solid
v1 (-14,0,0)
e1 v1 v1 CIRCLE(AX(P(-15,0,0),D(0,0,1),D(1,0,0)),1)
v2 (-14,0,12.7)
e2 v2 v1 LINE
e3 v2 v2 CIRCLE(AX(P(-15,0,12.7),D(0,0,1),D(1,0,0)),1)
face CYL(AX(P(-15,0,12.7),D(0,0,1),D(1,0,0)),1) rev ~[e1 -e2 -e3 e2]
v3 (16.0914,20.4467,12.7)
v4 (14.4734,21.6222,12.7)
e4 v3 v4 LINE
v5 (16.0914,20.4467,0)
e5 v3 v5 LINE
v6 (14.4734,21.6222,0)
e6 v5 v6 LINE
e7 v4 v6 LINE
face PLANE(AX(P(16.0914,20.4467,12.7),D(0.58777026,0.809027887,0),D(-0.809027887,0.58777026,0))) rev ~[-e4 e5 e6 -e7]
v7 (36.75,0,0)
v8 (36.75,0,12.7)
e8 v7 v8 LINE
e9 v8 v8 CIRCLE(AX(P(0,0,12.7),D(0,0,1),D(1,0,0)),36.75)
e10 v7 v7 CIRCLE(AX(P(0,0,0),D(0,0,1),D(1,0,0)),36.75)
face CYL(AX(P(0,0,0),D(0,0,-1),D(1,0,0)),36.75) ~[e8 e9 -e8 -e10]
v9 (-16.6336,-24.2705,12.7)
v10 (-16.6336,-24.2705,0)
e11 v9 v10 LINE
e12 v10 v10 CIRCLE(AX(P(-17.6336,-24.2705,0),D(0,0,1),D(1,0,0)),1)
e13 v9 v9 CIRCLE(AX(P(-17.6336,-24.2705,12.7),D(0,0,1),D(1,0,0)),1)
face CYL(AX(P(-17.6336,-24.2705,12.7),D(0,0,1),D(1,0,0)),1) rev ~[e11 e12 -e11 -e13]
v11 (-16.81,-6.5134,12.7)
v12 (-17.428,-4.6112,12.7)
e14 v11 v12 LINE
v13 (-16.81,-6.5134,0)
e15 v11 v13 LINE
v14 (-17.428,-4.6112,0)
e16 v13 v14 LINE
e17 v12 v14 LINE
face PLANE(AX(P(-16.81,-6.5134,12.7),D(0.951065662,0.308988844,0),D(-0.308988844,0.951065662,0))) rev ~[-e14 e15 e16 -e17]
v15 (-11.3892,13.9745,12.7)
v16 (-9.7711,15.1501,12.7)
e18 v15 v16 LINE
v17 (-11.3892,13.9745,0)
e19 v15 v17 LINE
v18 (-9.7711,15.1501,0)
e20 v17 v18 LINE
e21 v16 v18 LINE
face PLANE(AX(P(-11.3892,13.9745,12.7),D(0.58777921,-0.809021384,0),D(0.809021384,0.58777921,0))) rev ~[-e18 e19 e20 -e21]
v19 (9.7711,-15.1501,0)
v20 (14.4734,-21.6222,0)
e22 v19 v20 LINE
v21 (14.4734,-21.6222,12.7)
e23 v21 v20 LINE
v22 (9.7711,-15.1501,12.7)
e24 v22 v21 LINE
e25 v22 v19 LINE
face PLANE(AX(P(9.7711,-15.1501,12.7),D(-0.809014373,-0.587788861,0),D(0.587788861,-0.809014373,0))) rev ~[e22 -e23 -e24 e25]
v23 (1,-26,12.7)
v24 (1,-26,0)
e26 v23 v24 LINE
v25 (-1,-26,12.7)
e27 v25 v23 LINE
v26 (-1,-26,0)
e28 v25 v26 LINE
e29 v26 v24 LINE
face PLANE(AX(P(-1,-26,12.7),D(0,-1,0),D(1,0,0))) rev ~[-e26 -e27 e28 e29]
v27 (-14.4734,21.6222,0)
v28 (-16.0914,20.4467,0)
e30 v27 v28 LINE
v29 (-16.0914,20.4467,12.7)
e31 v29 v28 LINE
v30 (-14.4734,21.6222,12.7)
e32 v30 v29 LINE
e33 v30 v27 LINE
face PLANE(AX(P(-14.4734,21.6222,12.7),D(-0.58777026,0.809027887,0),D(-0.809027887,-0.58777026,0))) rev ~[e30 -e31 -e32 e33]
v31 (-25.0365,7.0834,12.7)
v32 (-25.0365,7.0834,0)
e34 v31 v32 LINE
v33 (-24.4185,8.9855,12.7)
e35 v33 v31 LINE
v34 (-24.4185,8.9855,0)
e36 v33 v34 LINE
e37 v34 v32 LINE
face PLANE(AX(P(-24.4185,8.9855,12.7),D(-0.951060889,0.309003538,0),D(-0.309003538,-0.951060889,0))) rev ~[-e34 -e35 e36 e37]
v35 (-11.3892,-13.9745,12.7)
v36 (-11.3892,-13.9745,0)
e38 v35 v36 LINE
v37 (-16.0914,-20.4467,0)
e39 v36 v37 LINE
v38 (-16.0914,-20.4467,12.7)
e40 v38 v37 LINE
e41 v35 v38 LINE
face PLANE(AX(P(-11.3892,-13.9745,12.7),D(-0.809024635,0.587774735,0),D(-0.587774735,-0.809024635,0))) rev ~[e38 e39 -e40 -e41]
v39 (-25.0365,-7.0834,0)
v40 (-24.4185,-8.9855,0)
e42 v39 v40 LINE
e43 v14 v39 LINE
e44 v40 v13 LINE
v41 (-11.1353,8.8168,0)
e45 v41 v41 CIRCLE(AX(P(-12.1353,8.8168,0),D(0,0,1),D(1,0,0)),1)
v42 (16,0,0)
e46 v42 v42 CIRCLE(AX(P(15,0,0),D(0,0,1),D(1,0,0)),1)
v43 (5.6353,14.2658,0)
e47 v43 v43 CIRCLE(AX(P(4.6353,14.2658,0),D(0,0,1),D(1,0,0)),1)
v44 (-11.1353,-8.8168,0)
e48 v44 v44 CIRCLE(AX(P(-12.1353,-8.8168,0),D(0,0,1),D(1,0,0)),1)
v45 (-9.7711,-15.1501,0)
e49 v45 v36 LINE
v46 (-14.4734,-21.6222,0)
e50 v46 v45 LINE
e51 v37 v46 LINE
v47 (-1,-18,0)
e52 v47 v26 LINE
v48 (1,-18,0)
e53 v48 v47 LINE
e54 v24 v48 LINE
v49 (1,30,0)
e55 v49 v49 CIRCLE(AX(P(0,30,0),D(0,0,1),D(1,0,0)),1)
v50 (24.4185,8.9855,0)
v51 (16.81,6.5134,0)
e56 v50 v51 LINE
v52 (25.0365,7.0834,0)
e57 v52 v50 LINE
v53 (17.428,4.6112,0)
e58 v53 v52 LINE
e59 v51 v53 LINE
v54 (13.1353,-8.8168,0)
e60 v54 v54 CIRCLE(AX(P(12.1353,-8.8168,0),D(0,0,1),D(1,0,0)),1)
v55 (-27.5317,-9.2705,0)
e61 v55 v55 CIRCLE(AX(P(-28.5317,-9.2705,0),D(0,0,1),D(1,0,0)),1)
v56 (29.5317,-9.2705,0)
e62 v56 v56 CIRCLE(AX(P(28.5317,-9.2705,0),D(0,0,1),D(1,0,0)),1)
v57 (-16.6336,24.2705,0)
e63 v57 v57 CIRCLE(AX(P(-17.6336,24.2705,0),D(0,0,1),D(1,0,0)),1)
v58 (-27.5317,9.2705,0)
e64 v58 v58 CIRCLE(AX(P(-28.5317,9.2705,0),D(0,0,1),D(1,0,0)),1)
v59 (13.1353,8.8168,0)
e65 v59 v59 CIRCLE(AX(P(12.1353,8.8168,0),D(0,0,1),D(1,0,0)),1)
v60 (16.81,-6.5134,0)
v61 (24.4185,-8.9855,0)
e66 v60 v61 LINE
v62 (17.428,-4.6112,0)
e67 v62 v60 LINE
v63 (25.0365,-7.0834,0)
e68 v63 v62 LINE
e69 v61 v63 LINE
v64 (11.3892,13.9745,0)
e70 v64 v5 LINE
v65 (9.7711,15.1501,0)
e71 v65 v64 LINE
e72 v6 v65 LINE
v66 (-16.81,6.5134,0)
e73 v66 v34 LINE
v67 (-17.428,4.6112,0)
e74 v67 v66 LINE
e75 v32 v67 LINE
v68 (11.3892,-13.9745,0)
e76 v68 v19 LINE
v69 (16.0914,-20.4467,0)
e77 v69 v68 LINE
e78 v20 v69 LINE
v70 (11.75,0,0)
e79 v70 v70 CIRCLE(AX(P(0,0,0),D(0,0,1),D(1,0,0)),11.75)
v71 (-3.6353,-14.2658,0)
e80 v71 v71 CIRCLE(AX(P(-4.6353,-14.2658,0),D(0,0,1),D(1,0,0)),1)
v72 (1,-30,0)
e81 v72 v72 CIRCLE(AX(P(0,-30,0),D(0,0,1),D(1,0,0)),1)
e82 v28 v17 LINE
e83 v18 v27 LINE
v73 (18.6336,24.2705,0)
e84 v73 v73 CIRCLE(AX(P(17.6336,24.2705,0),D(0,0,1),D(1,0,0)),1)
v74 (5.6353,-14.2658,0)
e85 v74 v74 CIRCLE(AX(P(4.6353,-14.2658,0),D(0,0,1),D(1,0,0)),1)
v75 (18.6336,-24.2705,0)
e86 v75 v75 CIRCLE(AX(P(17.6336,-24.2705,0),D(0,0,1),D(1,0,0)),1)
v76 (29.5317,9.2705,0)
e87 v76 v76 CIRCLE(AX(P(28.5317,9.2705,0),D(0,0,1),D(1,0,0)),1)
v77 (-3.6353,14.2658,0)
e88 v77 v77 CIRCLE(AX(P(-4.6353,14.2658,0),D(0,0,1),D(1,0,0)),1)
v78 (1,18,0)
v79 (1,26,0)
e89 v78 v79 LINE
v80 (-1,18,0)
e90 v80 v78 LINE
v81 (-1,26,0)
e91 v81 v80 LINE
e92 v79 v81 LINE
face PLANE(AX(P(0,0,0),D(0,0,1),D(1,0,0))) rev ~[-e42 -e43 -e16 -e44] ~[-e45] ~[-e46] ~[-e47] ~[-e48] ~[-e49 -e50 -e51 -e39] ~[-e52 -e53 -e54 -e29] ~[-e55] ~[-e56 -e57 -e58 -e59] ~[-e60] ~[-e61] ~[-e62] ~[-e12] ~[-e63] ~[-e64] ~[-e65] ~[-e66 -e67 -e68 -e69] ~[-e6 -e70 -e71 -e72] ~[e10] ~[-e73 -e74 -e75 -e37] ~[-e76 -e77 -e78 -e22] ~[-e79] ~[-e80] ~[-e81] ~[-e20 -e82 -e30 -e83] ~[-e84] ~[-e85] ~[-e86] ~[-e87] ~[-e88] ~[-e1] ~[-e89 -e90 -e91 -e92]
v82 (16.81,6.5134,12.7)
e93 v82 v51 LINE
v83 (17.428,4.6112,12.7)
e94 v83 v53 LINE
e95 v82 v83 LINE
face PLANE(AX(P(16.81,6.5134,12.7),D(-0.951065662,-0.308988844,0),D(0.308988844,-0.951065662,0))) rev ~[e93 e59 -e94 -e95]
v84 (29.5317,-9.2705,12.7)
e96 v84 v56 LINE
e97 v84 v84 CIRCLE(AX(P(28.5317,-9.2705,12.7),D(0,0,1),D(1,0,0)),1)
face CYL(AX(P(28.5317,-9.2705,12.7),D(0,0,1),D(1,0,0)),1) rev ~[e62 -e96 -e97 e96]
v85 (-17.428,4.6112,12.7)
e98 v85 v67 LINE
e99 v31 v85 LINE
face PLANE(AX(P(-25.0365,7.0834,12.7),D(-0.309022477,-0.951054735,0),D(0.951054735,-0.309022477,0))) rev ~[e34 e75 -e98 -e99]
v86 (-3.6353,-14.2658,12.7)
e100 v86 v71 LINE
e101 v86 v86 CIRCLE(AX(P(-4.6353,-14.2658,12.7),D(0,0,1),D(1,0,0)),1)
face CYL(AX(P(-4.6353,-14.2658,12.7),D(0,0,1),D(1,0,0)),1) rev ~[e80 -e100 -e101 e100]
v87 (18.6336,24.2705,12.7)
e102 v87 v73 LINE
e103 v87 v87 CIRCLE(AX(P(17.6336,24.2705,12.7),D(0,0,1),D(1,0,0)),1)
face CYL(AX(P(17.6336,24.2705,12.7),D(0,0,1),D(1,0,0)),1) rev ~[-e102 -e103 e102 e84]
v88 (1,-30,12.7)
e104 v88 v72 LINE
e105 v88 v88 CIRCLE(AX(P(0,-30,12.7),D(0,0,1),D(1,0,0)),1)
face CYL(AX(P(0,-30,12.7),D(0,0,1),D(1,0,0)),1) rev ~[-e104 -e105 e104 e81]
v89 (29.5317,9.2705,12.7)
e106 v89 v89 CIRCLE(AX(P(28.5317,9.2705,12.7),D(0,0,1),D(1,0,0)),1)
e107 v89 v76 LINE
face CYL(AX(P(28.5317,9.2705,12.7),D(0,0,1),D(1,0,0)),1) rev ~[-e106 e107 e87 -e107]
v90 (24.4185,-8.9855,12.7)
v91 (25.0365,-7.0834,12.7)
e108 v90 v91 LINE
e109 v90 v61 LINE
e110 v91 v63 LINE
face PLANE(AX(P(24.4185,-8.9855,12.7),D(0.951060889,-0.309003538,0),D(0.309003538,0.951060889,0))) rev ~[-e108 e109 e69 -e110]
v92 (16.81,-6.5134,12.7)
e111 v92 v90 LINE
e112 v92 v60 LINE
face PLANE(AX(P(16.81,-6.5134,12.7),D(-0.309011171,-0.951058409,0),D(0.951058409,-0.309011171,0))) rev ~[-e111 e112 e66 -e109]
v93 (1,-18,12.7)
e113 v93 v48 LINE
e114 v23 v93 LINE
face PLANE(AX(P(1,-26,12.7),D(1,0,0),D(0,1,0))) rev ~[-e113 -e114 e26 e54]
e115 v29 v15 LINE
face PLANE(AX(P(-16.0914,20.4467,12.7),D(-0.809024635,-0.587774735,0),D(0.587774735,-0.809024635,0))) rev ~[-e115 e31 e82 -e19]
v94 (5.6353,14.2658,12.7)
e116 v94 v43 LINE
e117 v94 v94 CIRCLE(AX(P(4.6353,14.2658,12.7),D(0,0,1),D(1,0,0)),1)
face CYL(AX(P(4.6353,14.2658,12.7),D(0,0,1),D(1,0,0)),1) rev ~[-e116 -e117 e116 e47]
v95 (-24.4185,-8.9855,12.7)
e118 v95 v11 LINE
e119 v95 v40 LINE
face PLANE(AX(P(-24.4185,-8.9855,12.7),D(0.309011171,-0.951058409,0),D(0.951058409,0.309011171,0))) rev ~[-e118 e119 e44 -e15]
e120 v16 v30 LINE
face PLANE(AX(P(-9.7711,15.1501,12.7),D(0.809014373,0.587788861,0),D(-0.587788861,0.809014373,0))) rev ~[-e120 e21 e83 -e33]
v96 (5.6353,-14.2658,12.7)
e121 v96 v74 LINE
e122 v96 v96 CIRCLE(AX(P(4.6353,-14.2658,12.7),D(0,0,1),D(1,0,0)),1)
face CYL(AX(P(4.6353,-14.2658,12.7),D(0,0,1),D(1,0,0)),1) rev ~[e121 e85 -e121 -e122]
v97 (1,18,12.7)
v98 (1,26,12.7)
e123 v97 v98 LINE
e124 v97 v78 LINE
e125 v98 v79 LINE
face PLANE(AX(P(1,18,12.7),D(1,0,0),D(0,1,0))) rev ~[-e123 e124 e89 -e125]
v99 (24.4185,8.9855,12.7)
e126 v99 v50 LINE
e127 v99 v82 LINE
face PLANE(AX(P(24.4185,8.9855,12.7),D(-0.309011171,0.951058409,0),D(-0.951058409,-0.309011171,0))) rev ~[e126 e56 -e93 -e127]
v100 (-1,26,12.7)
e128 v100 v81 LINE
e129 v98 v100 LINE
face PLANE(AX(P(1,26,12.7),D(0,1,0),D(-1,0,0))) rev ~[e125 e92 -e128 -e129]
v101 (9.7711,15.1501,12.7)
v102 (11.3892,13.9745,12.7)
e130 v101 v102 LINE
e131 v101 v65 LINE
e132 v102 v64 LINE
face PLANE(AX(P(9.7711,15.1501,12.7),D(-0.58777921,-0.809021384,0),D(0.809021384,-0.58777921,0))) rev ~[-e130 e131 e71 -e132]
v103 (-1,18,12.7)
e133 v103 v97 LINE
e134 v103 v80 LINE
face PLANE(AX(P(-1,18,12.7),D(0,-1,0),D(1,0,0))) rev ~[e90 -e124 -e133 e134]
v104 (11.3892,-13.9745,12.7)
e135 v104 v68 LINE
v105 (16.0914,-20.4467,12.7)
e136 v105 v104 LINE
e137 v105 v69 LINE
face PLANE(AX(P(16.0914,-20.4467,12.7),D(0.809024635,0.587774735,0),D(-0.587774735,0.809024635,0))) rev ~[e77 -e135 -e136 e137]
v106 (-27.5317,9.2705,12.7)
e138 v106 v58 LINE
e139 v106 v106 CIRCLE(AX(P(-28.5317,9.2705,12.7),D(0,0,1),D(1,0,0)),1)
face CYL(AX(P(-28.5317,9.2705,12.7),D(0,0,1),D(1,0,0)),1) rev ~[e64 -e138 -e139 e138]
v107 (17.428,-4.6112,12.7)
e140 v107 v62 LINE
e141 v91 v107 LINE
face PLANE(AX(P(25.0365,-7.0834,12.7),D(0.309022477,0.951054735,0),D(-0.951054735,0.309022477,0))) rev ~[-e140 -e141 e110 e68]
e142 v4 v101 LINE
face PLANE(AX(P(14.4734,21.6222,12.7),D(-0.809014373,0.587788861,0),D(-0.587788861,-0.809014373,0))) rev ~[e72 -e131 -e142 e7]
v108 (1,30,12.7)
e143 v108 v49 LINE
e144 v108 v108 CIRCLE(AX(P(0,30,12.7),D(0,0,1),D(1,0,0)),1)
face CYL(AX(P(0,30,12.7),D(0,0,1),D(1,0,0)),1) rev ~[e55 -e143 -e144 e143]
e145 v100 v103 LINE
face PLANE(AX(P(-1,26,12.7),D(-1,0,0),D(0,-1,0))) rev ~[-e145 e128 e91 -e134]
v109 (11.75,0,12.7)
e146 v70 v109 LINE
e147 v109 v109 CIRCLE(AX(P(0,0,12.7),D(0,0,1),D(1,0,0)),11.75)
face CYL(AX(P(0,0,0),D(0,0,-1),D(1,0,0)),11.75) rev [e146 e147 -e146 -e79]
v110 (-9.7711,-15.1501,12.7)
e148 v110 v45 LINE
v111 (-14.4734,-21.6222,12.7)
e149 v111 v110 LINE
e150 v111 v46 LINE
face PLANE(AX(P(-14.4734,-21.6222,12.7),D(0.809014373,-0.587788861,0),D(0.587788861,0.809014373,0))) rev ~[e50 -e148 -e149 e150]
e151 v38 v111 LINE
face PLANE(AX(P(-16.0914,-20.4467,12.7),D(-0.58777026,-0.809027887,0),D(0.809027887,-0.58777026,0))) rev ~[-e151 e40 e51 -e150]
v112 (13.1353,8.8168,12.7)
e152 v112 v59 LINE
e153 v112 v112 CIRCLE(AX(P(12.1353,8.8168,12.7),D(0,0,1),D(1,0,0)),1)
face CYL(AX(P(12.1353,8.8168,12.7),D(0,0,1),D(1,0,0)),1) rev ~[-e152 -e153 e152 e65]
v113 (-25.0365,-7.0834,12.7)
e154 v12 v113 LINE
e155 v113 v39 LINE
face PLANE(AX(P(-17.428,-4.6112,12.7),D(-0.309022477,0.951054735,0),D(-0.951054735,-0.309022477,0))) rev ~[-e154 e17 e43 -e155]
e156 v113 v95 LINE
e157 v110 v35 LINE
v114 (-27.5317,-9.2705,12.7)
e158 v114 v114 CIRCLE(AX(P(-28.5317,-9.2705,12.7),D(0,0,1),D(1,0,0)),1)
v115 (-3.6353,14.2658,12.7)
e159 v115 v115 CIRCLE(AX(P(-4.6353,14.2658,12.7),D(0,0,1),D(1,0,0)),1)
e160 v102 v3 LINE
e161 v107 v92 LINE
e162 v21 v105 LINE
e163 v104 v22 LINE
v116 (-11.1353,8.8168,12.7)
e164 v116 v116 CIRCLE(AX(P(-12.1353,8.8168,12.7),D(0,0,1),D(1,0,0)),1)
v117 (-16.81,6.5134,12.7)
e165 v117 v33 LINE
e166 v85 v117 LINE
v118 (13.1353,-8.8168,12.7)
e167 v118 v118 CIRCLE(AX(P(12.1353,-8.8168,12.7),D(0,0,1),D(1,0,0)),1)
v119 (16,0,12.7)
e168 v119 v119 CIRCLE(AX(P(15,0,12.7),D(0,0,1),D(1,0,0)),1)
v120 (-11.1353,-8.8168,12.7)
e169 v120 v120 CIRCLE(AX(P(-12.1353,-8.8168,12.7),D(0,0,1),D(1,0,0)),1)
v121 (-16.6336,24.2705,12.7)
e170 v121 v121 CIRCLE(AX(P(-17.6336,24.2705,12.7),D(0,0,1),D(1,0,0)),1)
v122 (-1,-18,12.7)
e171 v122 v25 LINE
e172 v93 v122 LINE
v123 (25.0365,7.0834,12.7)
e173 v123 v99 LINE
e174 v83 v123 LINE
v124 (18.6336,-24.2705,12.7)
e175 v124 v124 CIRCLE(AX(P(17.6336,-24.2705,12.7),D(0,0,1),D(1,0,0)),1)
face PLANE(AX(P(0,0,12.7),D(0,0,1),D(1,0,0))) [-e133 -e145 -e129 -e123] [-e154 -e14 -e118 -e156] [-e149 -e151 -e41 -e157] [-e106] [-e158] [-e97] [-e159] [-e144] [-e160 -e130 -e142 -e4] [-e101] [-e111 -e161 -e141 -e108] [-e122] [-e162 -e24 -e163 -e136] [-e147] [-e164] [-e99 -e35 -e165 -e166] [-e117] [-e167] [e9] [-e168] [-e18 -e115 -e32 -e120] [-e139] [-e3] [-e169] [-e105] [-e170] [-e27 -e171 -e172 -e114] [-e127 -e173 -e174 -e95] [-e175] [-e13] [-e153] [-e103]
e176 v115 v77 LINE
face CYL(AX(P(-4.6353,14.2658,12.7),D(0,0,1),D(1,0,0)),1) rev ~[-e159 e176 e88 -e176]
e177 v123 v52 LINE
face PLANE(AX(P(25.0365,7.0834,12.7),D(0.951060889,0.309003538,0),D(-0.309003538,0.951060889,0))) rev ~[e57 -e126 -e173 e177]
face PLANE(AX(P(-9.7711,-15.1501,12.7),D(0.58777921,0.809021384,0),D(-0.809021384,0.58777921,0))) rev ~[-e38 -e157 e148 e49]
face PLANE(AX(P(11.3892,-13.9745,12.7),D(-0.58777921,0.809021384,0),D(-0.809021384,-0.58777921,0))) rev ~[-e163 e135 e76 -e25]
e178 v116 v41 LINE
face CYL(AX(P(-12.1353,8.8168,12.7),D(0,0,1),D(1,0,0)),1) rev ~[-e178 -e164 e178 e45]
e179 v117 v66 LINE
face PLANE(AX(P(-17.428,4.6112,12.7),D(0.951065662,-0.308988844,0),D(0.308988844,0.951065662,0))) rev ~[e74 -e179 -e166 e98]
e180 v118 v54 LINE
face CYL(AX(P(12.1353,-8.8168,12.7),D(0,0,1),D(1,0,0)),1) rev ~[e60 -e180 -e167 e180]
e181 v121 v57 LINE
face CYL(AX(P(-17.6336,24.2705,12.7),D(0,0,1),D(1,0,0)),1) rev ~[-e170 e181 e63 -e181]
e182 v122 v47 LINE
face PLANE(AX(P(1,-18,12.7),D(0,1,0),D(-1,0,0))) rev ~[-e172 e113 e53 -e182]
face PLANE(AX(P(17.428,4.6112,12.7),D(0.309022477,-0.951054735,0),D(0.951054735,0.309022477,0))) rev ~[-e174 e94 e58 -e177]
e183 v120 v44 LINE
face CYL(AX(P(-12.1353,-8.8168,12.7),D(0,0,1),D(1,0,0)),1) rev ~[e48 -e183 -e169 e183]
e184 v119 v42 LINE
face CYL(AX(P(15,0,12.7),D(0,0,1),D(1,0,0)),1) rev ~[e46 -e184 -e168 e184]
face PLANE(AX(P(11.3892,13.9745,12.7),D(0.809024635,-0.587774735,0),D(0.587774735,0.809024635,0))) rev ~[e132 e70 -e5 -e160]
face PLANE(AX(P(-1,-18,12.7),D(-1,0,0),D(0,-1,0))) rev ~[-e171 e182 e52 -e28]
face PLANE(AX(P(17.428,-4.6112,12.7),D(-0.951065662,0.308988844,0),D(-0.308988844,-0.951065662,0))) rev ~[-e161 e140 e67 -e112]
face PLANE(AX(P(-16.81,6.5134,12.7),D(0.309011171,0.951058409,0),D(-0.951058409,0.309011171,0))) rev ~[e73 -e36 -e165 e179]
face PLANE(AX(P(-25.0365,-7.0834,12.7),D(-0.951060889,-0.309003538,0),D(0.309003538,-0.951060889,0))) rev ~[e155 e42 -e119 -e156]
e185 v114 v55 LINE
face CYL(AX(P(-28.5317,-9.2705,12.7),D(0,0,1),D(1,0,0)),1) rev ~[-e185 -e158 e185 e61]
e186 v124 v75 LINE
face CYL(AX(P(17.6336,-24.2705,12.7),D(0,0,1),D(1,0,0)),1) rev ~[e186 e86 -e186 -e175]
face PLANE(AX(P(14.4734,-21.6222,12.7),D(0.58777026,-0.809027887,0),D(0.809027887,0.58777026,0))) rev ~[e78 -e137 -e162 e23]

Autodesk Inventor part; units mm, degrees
ref_plane "YZ Plane" through (0, 0, 0) normal (1, 0, 0) x (0, 1, 0)
ref_plane "XZ Plane" through (0, 0, 0) normal (0, 1, 0) x (-1, 0, 0)
ref_plane "XY Plane" through (0, 0, 0) normal (0, 0, 1) x (1, 0, 0)
sketch "Sketch1" plane through (0, 0, 0) normal (0, 0, 1) x (1, 0, 0)
  circle A0 centre (0, 0) radius 11.75
  circle A1 centre (0, 0) radius 36.75
  dimension "d0" = 23.5
  dimension "d1" = 73.5
extrude "Extrusion1" add sketch "Sketch1" along normal blind 12.7
sketch "Sketch2" plane through (0, 0, 12.7) normal (0, 0, 1) x (1, 0, 0)
  circle A0 centre (15, 0) radius 1
  circle A1 centre (0, 30) radius 1
  circle A2 centre (12.1353, 8.8168) radius 1
  circle A3 centre (4.6353, 14.2658) radius 1
  circle A4 centre (-4.6353, 14.2658) radius 1
  circle A5 centre (-12.1353, 8.8168) radius 1
  circle A6 centre (-15, 0) radius 1
  circle A7 centre (-12.1353, -8.8168) radius 1
  circle A8 centre (-4.6353, -14.2658) radius 1
  circle A9 centre (4.6353, -14.2658) radius 1
  circle A10 centre (12.1353, -8.8168) radius 1
  circle A11 centre (-17.6336, 24.2705) radius 1
  circle A12 centre (-28.5317, 9.2705) radius 1
  circle A13 centre (-28.5317, -9.2705) radius 1
  circle A14 centre (-17.6336, -24.2705) radius 1
  circle A15 centre (0, -30) radius 1
  circle A16 centre (17.6336, -24.2705) radius 1
  circle A17 centre (28.5317, -9.2705) radius 1
  circle A18 centre (28.5317, 9.2705) radius 1
  circle A19 centre (17.6336, 24.2705) radius 1
  point P0 (0, 0)
  dimension "d4" = 2
  dimension "d5" = 2
  dimension "d6" = 15
  dimension "d7" = 30
  dimension "d10" = 360
  dimension "d14" = 360
extrude "Extrusion2" cut sketch "Sketch2" against normal through all
sketch "Sketch3" plane through (0, 0, 12.7) normal (0, 0, 1) x (1, 0, 0)
  line L0 (-1, 18) -> (1, 18)
  line L1 (1, 18) -> (1, 26)
  line L2 (1, 26) -> (-1, 26)
  line L3 (-1, 26) -> (-1, 18)
  line L4 (-11.3892, 13.9745) -> (-9.7711, 15.1501)
  line L5 (-9.7711, 15.1501) -> (-14.4734, 21.6222)
  line L6 (-14.4734, 21.6222) -> (-16.0914, 20.4467)
  line L7 (-16.0914, 20.4467) -> (-11.3892, 13.9745)
  line L8 (-17.428, 4.6112) -> (-16.81, 6.5134)
  line L9 (-16.81, 6.5134) -> (-24.4185, 8.9855)
  line L10 (-24.4185, 8.9855) -> (-25.0365, 7.0834)
  line L11 (-25.0365, 7.0834) -> (-17.428, 4.6112)
  line L12 (-16.81, -6.5134) -> (-17.428, -4.6112)
  line L13 (-17.428, -4.6112) -> (-25.0365, -7.0834)
  line L14 (-25.0365, -7.0834) -> (-24.4185, -8.9855)
  line L15 (-24.4185, -8.9855) -> (-16.81, -6.5134)
  line L16 (-9.7711, -15.1501) -> (-11.3892, -13.9745)
  line L17 (-11.3892, -13.9745) -> (-16.0914, -20.4467)
  line L18 (-16.0914, -20.4467) -> (-14.4734, -21.6222)
  line L19 (-14.4734, -21.6222) -> (-9.7711, -15.1501)
  line L20 (1, -18) -> (-1, -18)
  line L21 (-1, -18) -> (-1, -26)
  line L22 (-1, -26) -> (1, -26)
  line L23 (1, -26) -> (1, -18)
  line L24 (11.3892, -13.9745) -> (9.7711, -15.1501)
  line L25 (9.7711, -15.1501) -> (14.4734, -21.6222)
  line L26 (14.4734, -21.6222) -> (16.0914, -20.4467)
  line L27 (16.0914, -20.4467) -> (11.3892, -13.9745)
  line L28 (17.428, -4.6112) -> (16.81, -6.5134)
  line L29 (16.81, -6.5134) -> (24.4185, -8.9855)
  line L30 (24.4185, -8.9855) -> (25.0365, -7.0834)
  line L31 (25.0365, -7.0834) -> (17.428, -4.6112)
  line L32 (16.81, 6.5134) -> (17.428, 4.6112)
  line L33 (17.428, 4.6112) -> (25.0365, 7.0834)
  line L34 (25.0365, 7.0834) -> (24.4185, 8.9855)
  line L35 (24.4185, 8.9855) -> (16.81, 6.5134)
  line L36 (9.7711, 15.1501) -> (11.3892, 13.9745)
  line L37 (11.3892, 13.9745) -> (16.0914, 20.4467)
  line L38 (16.0914, 20.4467) -> (14.4734, 21.6222)
  line L39 (14.4734, 21.6222) -> (9.7711, 15.1501)
  point P0 (0, 0)
  point P1 (0, 18)
  point P2 (-10.5801, 14.5623)
  point P3 (-17.119, 5.5623)
  point P4 (-17.119, -5.5623)
  point P5 (-10.5801, -14.5623)
  point P6 (0, -18)
  point P7 (10.5801, -14.5623)
  point P8 (17.119, -5.5623)
  point P9 (17.119, 5.5623)
  point P10 (10.5801, 14.5623)
  dimension "d18" = 18
  dimension "d19" = 26
  dimension "d20" = 2
  dimension "d23" = 360
extrude "Extrusion3" cut sketch "Sketch3" against normal through all
properties part number "SG03" material "Rubber"
